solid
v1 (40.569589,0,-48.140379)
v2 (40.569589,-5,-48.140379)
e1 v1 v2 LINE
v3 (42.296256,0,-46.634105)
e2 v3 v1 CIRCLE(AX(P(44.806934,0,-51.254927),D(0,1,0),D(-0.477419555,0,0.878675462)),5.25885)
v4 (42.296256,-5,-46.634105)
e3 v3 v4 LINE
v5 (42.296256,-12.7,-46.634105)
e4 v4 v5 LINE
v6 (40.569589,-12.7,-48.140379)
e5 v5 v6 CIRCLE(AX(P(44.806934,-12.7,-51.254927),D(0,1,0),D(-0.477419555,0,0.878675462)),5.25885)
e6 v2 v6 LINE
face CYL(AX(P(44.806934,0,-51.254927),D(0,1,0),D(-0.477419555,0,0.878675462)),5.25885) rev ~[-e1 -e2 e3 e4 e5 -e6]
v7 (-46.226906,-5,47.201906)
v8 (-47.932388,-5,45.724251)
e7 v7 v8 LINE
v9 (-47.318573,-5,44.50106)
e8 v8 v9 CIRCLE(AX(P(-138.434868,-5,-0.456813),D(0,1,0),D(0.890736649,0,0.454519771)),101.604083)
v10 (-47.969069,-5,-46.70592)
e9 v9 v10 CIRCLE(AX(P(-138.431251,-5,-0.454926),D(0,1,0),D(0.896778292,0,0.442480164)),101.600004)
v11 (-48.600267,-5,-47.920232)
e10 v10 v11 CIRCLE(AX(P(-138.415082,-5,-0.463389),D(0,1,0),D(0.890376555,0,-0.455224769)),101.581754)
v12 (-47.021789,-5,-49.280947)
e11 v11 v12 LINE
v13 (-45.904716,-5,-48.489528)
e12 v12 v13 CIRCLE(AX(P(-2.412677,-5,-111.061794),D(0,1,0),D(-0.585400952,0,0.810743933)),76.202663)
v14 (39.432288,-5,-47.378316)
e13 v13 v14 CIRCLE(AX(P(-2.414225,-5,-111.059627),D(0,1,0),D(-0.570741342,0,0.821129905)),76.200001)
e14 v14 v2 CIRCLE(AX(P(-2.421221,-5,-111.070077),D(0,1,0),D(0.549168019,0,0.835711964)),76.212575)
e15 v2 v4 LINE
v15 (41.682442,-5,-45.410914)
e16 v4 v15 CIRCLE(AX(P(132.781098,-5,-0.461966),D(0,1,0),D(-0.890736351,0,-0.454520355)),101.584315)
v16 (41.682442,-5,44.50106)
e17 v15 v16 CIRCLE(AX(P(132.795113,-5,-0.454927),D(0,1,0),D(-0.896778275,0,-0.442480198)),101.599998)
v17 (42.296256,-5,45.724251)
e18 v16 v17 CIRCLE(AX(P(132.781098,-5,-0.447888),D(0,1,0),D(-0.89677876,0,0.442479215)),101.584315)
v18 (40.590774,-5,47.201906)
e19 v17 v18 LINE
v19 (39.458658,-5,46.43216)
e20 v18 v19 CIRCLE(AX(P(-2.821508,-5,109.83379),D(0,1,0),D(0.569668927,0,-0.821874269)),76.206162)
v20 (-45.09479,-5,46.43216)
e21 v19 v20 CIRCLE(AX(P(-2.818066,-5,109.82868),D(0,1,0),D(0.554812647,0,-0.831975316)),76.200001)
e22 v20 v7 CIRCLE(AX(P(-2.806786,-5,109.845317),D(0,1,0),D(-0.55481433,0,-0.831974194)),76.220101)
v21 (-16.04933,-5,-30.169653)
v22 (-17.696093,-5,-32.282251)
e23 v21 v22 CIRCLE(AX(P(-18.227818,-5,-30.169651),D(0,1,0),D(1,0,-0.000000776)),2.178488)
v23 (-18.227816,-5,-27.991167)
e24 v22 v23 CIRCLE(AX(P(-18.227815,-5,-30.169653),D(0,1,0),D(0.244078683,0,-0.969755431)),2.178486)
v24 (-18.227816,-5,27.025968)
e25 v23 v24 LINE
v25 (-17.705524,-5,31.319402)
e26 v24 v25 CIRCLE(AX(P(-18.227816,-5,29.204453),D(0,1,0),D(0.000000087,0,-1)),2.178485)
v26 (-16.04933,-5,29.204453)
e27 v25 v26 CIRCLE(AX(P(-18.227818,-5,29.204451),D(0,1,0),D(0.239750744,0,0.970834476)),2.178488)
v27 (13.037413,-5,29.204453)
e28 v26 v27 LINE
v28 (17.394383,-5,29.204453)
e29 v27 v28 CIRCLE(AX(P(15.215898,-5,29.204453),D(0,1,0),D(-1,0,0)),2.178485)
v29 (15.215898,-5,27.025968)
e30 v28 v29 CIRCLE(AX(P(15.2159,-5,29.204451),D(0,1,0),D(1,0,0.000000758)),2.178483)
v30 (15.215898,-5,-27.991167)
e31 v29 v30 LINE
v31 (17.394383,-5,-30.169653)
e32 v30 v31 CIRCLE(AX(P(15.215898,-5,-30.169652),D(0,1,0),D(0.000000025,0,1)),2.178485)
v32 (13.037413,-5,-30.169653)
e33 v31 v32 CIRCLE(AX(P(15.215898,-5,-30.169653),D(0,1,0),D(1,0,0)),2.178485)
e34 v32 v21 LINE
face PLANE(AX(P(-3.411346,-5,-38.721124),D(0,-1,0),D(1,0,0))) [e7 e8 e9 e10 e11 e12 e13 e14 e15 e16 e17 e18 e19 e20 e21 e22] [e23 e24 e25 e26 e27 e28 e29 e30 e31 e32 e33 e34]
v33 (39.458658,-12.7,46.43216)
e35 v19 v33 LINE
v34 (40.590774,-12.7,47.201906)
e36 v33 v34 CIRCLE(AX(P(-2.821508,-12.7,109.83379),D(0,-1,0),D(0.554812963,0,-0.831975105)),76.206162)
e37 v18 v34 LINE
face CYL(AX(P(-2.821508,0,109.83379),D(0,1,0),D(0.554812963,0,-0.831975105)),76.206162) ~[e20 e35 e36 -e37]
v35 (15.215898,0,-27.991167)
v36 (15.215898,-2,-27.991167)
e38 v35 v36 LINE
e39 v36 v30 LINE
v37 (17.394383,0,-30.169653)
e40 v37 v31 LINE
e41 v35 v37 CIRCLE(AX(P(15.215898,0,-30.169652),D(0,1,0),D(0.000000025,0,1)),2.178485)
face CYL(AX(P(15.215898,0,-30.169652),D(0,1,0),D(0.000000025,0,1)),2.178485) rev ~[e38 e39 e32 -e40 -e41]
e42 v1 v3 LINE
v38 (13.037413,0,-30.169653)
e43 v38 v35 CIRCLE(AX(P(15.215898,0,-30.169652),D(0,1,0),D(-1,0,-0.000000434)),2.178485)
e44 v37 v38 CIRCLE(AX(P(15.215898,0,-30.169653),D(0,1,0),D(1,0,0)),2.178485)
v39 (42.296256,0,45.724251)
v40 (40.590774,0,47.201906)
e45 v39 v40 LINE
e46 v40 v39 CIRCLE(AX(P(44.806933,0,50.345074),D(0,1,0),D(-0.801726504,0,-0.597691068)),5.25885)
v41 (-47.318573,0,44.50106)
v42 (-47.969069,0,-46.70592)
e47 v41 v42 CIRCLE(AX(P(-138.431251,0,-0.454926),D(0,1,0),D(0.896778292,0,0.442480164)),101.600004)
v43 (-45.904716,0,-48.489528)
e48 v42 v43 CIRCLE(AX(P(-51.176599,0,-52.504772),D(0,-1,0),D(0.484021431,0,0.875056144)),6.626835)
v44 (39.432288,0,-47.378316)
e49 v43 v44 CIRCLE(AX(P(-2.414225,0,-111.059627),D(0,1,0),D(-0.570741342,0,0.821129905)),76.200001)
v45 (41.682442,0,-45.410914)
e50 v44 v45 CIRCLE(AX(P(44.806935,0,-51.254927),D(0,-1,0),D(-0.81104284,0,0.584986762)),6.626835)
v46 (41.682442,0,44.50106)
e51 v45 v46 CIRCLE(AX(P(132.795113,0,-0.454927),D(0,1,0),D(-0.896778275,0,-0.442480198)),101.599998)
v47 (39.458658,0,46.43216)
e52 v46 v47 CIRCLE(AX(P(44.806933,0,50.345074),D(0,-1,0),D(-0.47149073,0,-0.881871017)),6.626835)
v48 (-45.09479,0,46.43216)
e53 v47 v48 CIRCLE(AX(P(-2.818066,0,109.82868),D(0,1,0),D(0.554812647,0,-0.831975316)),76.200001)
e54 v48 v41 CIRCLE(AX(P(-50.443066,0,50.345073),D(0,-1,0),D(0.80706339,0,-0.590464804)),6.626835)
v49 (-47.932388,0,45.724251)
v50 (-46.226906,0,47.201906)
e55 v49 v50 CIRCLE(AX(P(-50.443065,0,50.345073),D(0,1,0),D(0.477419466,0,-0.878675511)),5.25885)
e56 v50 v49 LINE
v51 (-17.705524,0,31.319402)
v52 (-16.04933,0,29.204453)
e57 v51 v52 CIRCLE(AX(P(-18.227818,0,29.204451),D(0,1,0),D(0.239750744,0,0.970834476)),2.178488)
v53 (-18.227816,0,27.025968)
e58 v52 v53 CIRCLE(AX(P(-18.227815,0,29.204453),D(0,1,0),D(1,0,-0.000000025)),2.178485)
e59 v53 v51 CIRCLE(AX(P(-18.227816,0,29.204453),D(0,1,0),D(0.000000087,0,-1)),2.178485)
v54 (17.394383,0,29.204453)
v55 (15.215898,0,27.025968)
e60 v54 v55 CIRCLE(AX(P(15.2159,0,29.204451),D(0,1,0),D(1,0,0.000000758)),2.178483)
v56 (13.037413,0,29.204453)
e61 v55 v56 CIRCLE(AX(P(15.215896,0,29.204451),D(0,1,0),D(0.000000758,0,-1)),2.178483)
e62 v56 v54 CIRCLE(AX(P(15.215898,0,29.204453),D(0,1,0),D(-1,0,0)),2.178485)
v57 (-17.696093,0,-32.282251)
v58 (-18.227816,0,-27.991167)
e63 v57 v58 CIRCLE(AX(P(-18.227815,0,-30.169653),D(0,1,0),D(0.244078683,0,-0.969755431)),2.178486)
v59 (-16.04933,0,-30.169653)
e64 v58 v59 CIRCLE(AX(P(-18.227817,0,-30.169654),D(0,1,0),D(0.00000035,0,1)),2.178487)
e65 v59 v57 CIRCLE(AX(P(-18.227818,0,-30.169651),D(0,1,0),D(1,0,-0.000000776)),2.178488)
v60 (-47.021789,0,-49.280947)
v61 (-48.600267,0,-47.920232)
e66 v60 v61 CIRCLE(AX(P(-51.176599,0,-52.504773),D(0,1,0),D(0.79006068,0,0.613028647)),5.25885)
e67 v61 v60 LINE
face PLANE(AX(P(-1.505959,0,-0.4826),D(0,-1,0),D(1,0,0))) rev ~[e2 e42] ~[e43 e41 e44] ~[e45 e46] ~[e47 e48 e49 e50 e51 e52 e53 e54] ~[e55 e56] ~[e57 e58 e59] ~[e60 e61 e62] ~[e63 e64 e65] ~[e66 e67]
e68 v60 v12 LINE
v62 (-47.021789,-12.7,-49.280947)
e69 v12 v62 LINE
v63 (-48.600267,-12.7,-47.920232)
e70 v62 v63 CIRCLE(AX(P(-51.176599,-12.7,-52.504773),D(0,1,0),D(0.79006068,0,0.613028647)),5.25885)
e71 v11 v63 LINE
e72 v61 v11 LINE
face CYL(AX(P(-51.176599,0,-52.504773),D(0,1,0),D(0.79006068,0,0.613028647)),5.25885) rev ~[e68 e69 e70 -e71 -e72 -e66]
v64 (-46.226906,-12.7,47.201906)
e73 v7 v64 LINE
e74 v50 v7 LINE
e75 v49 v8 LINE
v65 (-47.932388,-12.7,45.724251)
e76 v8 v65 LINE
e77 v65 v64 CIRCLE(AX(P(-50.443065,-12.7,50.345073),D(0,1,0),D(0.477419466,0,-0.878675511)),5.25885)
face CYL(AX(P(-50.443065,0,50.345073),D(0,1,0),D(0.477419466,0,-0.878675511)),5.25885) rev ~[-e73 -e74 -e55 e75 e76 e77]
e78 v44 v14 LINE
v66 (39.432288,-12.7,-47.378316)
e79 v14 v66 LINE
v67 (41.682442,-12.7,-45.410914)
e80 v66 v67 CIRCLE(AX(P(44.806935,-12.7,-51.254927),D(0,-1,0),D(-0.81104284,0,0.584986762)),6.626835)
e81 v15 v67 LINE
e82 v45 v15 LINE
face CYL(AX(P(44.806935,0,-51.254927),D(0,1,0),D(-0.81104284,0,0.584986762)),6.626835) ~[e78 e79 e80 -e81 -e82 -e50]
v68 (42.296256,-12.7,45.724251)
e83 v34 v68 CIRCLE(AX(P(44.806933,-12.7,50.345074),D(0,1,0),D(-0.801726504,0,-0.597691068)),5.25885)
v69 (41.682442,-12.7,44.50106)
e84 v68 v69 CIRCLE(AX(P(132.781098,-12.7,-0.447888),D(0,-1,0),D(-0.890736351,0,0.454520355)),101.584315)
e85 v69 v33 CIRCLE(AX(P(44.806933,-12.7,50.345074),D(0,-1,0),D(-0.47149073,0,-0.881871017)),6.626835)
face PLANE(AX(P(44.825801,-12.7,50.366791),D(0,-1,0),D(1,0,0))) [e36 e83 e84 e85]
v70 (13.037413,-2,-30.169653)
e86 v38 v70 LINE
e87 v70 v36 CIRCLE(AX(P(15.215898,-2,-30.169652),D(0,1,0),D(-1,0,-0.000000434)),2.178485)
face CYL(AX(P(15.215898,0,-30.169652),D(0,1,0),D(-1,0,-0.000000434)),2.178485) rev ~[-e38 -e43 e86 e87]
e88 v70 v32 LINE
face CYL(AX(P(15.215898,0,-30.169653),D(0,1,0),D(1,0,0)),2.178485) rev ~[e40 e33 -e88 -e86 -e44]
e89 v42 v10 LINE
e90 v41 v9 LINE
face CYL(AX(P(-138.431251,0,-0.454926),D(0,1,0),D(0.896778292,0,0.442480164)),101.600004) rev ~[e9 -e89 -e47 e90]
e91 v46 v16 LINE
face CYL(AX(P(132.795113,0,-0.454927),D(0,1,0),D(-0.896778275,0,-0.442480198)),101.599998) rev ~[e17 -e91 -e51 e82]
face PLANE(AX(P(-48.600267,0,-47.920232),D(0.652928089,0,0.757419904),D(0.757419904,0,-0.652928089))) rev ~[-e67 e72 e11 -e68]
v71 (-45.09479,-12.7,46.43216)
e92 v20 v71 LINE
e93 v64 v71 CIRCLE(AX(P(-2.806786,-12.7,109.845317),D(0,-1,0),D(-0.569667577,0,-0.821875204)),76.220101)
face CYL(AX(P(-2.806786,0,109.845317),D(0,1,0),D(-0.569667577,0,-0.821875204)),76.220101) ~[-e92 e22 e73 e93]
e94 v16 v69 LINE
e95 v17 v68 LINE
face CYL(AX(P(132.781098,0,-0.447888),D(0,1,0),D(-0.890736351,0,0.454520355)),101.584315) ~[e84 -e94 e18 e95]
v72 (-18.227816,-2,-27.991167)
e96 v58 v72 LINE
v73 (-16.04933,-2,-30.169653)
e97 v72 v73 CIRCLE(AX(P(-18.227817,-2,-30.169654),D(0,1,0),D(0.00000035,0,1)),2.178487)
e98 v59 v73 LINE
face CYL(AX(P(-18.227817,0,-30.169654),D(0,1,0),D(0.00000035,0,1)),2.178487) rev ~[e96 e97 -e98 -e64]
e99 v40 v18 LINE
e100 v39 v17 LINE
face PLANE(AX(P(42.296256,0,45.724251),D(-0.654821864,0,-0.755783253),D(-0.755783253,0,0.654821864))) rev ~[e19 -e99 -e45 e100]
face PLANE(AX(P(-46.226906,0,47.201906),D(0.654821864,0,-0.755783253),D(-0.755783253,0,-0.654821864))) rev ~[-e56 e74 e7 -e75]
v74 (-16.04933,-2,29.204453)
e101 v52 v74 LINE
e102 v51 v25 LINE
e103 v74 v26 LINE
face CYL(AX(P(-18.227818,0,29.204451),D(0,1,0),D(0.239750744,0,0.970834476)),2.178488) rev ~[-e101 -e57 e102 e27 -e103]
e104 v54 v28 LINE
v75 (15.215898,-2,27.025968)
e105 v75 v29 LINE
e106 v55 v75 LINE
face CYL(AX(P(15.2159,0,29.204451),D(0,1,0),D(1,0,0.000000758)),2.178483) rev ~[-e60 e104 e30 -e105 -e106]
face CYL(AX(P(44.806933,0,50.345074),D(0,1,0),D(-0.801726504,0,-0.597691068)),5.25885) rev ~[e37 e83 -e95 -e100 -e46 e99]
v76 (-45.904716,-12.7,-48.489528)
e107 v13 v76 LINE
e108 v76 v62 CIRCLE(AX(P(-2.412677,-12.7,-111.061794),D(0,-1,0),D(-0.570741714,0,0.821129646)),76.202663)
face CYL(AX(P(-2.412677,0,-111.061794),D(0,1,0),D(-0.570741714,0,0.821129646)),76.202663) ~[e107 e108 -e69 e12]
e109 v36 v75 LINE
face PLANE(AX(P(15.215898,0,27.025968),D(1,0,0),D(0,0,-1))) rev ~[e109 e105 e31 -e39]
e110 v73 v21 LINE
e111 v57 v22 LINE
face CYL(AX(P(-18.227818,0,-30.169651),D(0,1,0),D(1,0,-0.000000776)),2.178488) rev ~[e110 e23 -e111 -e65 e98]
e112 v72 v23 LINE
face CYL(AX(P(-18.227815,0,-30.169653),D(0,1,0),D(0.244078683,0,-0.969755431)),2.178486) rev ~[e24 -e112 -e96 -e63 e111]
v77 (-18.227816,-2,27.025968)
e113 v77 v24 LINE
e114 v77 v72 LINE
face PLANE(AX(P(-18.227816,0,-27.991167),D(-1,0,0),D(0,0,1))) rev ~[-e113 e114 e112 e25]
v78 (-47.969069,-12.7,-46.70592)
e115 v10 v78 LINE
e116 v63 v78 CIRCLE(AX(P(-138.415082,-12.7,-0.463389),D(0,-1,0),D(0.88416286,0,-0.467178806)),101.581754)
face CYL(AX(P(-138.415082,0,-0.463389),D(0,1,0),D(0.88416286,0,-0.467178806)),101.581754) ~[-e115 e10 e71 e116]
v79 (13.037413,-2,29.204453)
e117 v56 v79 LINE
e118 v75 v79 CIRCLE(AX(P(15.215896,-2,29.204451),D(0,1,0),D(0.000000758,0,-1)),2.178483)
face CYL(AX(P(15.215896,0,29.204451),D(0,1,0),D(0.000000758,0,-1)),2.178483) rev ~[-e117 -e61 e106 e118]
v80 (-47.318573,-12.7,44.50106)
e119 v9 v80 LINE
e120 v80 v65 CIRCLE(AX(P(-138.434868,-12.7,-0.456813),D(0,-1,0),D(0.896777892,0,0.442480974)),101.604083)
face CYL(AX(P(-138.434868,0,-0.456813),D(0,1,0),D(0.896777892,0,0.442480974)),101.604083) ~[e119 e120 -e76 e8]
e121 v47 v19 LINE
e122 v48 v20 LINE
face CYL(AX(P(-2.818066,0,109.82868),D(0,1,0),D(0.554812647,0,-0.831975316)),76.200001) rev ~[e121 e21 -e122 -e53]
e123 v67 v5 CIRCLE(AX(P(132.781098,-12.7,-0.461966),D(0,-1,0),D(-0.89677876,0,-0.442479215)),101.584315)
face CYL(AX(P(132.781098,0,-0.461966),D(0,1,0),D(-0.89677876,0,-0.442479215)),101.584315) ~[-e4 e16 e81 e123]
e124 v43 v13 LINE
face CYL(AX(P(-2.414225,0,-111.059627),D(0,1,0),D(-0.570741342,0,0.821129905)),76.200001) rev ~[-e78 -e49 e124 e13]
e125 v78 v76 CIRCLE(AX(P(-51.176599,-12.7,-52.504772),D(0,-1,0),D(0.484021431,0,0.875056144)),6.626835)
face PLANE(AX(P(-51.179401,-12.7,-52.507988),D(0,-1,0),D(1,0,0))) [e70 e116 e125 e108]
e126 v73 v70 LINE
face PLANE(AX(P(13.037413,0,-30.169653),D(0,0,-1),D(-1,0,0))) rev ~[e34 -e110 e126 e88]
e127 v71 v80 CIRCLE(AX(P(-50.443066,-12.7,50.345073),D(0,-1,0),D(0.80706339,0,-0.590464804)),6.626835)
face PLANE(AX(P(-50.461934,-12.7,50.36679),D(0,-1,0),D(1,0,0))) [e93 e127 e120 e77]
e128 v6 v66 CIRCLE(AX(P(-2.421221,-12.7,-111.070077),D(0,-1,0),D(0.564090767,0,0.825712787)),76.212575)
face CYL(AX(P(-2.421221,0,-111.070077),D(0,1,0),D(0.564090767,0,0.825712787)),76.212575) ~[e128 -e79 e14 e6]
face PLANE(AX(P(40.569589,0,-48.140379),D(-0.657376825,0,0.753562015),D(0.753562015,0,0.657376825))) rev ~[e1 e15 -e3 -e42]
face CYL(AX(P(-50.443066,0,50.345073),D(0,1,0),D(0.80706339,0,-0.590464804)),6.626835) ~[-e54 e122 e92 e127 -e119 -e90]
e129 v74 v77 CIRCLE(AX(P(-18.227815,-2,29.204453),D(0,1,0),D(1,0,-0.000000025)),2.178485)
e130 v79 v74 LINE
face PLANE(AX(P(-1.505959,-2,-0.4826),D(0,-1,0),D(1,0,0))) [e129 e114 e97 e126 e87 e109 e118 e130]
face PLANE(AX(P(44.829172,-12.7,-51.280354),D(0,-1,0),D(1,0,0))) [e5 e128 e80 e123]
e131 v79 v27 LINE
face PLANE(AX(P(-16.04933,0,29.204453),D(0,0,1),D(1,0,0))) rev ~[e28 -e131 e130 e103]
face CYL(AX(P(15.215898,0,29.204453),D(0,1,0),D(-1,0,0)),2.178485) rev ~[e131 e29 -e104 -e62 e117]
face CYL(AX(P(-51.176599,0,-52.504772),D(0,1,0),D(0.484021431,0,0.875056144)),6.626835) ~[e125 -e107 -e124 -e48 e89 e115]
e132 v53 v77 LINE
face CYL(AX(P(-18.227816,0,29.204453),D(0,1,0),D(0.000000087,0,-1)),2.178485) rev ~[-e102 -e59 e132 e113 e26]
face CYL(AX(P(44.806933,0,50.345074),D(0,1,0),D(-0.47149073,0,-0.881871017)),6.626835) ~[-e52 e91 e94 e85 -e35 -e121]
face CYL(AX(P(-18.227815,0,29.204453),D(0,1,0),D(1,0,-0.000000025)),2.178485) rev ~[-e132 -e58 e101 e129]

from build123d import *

# Parameters (mm, degrees)
F1_DEPTH = 5
F2_DEPTH = 12.7
F3_DEPTH = 2


with BuildPart() as f1:
    # F0 (on Front) → F1 (new body)
    with BuildSketch(Plane.XZ):
        with BuildLine():
            ThreePointArc((39.432288, -47.378316), (40.00265, -47.756794), (40.569589, -48.140379))
            ThreePointArc((40.569589, -48.140379), (13.513407, -32.581288), (-17.696093, -32.282251))
            ThreePointArc((-17.696093, -32.282251), (-33.551282, -38.724603), (-47.021789, -49.280947))
            ThreePointArc((-47.021789, -49.280947), (-46.46503, -48.882729), (-45.904716, -48.489528))
            ThreePointArc((-45.904716, -48.489528), (-3.406376, -34.866086), (39.432288, -47.378316))
        make_face()
        with BuildLine():
            ThreePointArc((-47.932388, 45.724251), (-47.623421, 45.113689), (-47.318573, 44.50106))
            ThreePointArc((-47.318573, 44.50106), (-36.833831, -1.179528), (-47.969069, -46.70592))
            ThreePointArc((-47.969069, -46.70592), (-48.282623, -47.314139), (-48.600267, -47.920232))
            ThreePointArc((-48.600267, -47.920232), (-31.75396, -1.215758), (-47.932388, 45.724251))
        make_face()
        with BuildLine():
            ThreePointArc((-17.705524, 31.319402), (13.504642, 31.692077), (40.590774, 47.201906))
            ThreePointArc((40.590774, 47.201906), (40.026445, 46.814491), (39.458658, 46.43216))
            ThreePointArc((39.458658, 46.43216), (-2.818066, 33.628679), (-45.09479, 46.43216))
            ThreePointArc((-45.09479, 46.43216), (-45.662576, 46.814491), (-46.226906, 47.201906))
            ThreePointArc((-46.226906, 47.201906), (-33.028628, 37.3528), (-17.705524, 31.319402))
        make_face()
        with BuildLine():
            ThreePointArc((41.682442, 44.50106), (41.987289, 45.113689), (42.296256, 45.724251))
            ThreePointArc((42.296256, 45.724251), (25.839489, -0.454927), (42.296256, -46.634105))
            ThreePointArc((42.296256, -46.634105), (41.987289, -46.023543), (41.682442, -45.410914))
            ThreePointArc((41.682442, -45.410914), (31.195115, -0.454927), (41.682442, 44.50106))
        make_face()
        with BuildLine():
            ThreePointArc((-18.227816, 27.025968), (-20.390359, 29.467524), (-17.705524, 31.319402))
            ThreePointArc((-17.705524, 31.319402), (-33.028628, 37.3528), (-46.226906, 47.201906))
            Line((-46.226906, 47.201906), (-47.932388, 45.724251))
            ThreePointArc((-47.932388, 45.724251), (-31.75396, -1.215758), (-48.600267, -47.920232))
            Line((-48.600267, -47.920232), (-47.021789, -49.280947))
            ThreePointArc((-47.021789, -49.280947), (-33.551282, -38.724603), (-17.696093, -32.282251))
            ThreePointArc((-17.696093, -32.282251), (-20.389766, -30.437547), (-18.227816, -27.991167))
            Line((-18.227816, -27.991167), (-18.227816, 27.025968))
        make_face()
        with BuildLine():
            ThreePointArc((42.296256, -46.634105), (25.839489, -0.454927), (42.296256, 45.724251))
            Line((42.296256, 45.724251), (40.590774, 47.201906))
            ThreePointArc((40.590774, 47.201906), (13.504642, 31.692077), (-17.705524, 31.319402))
            ThreePointArc((-17.705524, 31.319402), (-16.512648, 30.547582), (-16.04933, 29.204453))
            Line((-16.04933, 29.204453), (13.037413, 29.204453))
            ThreePointArc((13.037413, 29.204453), (15.215898, 31.382938), (17.394383, 29.204453))
            ThreePointArc((17.394383, 29.204453), (16.75632, 27.664031), (15.215898, 27.025968))
            Line((15.215898, 27.025968), (15.215898, -27.991167))
            ThreePointArc((15.215898, -27.991167), (16.75632, -28.629231), (17.394383, -30.169653))
            ThreePointArc((17.394383, -30.169653), (15.215898, -32.348138), (13.037413, -30.169653))
            Line((13.037413, -30.169653), (-16.04933, -30.169653))
            ThreePointArc((-16.04933, -30.169653), (-16.509656, -31.508953), (-17.696093, -32.282251))
            ThreePointArc((-17.696093, -32.282251), (13.513407, -32.581288), (40.569589, -48.140379))
            Line((40.569589, -48.140379), (42.296256, -46.634105))
        make_face()
    extrude(amount=F1_DEPTH)

    # F0 (on Front) → F2 (join)
    with BuildSketch(Plane.XZ):
        with BuildLine():
            ThreePointArc((-46.226906, 47.201906), (-45.662576, 46.814491), (-45.09479, 46.43216))
            ThreePointArc((-45.09479, 46.43216), (-54.78809, 55.348642), (-47.318573, 44.50106))
            ThreePointArc((-47.318573, 44.50106), (-47.623421, 45.113689), (-47.932388, 45.724251))
            ThreePointArc((-47.932388, 45.724251), (-53.886676, 54.319623), (-46.226906, 47.201906))
        make_face()
        with BuildLine():
            ThreePointArc((40.590774, 47.201906), (48.250545, 54.319623), (42.296256, 45.724251))
            ThreePointArc((42.296256, 45.724251), (41.987289, 45.113689), (41.682442, 44.50106))
            ThreePointArc((41.682442, 44.50106), (49.151959, 55.348642), (39.458658, 46.43216))
            ThreePointArc((39.458658, 46.43216), (40.026445, 46.814491), (40.590774, 47.201906))
        make_face()
        with BuildLine():
            ThreePointArc((41.682442, -45.410914), (41.987289, -46.023543), (42.296256, -46.634105))
            ThreePointArc((42.296256, -46.634105), (48.263981, -55.217796), (40.569589, -48.140379))
            ThreePointArc((40.569589, -48.140379), (40.00265, -47.756794), (39.432288, -47.378316))
            ThreePointArc((39.432288, -47.378316), (49.168873, -56.243758), (41.682442, -45.410914))
        make_face()
        with BuildLine():
            ThreePointArc((-47.969069, -46.70592), (-55.509084, -57.519203), (-45.904716, -48.489528))
            ThreePointArc((-45.904716, -48.489528), (-46.46503, -48.882729), (-47.021789, -49.280947))
            ThreePointArc((-47.021789, -49.280947), (-54.610249, -56.487931), (-48.600267, -47.920232))
            ThreePointArc((-48.600267, -47.920232), (-48.282623, -47.314139), (-47.969069, -46.70592))
        make_face()
    extrude(amount=F2_DEPTH)

    # F0 (on Front) → F3 (join)
    with BuildSketch(Plane.XZ):
        with BuildLine():
            Line((13.037413, 29.204453), (-16.04933, 29.204453))
            ThreePointArc((-16.04933, 29.204453), (-16.687394, 27.664031), (-18.227816, 27.025968))
            Line((-18.227816, 27.025968), (-18.227816, -27.991167))
            ThreePointArc((-18.227816, -27.991167), (-16.687394, -28.629231), (-16.04933, -30.169653))
            Line((-16.04933, -30.169653), (13.037413, -30.169653))
            ThreePointArc((13.037413, -30.169653), (13.675476, -28.629231), (15.215898, -27.991167))
            Line((15.215898, -27.991167), (15.215898, 27.025968))
            ThreePointArc((15.215898, 27.025968), (13.675476, 27.664031), (13.037413, 29.204453))
        make_face()
    extrude(amount=F3_DEPTH)


solid = f1.part
